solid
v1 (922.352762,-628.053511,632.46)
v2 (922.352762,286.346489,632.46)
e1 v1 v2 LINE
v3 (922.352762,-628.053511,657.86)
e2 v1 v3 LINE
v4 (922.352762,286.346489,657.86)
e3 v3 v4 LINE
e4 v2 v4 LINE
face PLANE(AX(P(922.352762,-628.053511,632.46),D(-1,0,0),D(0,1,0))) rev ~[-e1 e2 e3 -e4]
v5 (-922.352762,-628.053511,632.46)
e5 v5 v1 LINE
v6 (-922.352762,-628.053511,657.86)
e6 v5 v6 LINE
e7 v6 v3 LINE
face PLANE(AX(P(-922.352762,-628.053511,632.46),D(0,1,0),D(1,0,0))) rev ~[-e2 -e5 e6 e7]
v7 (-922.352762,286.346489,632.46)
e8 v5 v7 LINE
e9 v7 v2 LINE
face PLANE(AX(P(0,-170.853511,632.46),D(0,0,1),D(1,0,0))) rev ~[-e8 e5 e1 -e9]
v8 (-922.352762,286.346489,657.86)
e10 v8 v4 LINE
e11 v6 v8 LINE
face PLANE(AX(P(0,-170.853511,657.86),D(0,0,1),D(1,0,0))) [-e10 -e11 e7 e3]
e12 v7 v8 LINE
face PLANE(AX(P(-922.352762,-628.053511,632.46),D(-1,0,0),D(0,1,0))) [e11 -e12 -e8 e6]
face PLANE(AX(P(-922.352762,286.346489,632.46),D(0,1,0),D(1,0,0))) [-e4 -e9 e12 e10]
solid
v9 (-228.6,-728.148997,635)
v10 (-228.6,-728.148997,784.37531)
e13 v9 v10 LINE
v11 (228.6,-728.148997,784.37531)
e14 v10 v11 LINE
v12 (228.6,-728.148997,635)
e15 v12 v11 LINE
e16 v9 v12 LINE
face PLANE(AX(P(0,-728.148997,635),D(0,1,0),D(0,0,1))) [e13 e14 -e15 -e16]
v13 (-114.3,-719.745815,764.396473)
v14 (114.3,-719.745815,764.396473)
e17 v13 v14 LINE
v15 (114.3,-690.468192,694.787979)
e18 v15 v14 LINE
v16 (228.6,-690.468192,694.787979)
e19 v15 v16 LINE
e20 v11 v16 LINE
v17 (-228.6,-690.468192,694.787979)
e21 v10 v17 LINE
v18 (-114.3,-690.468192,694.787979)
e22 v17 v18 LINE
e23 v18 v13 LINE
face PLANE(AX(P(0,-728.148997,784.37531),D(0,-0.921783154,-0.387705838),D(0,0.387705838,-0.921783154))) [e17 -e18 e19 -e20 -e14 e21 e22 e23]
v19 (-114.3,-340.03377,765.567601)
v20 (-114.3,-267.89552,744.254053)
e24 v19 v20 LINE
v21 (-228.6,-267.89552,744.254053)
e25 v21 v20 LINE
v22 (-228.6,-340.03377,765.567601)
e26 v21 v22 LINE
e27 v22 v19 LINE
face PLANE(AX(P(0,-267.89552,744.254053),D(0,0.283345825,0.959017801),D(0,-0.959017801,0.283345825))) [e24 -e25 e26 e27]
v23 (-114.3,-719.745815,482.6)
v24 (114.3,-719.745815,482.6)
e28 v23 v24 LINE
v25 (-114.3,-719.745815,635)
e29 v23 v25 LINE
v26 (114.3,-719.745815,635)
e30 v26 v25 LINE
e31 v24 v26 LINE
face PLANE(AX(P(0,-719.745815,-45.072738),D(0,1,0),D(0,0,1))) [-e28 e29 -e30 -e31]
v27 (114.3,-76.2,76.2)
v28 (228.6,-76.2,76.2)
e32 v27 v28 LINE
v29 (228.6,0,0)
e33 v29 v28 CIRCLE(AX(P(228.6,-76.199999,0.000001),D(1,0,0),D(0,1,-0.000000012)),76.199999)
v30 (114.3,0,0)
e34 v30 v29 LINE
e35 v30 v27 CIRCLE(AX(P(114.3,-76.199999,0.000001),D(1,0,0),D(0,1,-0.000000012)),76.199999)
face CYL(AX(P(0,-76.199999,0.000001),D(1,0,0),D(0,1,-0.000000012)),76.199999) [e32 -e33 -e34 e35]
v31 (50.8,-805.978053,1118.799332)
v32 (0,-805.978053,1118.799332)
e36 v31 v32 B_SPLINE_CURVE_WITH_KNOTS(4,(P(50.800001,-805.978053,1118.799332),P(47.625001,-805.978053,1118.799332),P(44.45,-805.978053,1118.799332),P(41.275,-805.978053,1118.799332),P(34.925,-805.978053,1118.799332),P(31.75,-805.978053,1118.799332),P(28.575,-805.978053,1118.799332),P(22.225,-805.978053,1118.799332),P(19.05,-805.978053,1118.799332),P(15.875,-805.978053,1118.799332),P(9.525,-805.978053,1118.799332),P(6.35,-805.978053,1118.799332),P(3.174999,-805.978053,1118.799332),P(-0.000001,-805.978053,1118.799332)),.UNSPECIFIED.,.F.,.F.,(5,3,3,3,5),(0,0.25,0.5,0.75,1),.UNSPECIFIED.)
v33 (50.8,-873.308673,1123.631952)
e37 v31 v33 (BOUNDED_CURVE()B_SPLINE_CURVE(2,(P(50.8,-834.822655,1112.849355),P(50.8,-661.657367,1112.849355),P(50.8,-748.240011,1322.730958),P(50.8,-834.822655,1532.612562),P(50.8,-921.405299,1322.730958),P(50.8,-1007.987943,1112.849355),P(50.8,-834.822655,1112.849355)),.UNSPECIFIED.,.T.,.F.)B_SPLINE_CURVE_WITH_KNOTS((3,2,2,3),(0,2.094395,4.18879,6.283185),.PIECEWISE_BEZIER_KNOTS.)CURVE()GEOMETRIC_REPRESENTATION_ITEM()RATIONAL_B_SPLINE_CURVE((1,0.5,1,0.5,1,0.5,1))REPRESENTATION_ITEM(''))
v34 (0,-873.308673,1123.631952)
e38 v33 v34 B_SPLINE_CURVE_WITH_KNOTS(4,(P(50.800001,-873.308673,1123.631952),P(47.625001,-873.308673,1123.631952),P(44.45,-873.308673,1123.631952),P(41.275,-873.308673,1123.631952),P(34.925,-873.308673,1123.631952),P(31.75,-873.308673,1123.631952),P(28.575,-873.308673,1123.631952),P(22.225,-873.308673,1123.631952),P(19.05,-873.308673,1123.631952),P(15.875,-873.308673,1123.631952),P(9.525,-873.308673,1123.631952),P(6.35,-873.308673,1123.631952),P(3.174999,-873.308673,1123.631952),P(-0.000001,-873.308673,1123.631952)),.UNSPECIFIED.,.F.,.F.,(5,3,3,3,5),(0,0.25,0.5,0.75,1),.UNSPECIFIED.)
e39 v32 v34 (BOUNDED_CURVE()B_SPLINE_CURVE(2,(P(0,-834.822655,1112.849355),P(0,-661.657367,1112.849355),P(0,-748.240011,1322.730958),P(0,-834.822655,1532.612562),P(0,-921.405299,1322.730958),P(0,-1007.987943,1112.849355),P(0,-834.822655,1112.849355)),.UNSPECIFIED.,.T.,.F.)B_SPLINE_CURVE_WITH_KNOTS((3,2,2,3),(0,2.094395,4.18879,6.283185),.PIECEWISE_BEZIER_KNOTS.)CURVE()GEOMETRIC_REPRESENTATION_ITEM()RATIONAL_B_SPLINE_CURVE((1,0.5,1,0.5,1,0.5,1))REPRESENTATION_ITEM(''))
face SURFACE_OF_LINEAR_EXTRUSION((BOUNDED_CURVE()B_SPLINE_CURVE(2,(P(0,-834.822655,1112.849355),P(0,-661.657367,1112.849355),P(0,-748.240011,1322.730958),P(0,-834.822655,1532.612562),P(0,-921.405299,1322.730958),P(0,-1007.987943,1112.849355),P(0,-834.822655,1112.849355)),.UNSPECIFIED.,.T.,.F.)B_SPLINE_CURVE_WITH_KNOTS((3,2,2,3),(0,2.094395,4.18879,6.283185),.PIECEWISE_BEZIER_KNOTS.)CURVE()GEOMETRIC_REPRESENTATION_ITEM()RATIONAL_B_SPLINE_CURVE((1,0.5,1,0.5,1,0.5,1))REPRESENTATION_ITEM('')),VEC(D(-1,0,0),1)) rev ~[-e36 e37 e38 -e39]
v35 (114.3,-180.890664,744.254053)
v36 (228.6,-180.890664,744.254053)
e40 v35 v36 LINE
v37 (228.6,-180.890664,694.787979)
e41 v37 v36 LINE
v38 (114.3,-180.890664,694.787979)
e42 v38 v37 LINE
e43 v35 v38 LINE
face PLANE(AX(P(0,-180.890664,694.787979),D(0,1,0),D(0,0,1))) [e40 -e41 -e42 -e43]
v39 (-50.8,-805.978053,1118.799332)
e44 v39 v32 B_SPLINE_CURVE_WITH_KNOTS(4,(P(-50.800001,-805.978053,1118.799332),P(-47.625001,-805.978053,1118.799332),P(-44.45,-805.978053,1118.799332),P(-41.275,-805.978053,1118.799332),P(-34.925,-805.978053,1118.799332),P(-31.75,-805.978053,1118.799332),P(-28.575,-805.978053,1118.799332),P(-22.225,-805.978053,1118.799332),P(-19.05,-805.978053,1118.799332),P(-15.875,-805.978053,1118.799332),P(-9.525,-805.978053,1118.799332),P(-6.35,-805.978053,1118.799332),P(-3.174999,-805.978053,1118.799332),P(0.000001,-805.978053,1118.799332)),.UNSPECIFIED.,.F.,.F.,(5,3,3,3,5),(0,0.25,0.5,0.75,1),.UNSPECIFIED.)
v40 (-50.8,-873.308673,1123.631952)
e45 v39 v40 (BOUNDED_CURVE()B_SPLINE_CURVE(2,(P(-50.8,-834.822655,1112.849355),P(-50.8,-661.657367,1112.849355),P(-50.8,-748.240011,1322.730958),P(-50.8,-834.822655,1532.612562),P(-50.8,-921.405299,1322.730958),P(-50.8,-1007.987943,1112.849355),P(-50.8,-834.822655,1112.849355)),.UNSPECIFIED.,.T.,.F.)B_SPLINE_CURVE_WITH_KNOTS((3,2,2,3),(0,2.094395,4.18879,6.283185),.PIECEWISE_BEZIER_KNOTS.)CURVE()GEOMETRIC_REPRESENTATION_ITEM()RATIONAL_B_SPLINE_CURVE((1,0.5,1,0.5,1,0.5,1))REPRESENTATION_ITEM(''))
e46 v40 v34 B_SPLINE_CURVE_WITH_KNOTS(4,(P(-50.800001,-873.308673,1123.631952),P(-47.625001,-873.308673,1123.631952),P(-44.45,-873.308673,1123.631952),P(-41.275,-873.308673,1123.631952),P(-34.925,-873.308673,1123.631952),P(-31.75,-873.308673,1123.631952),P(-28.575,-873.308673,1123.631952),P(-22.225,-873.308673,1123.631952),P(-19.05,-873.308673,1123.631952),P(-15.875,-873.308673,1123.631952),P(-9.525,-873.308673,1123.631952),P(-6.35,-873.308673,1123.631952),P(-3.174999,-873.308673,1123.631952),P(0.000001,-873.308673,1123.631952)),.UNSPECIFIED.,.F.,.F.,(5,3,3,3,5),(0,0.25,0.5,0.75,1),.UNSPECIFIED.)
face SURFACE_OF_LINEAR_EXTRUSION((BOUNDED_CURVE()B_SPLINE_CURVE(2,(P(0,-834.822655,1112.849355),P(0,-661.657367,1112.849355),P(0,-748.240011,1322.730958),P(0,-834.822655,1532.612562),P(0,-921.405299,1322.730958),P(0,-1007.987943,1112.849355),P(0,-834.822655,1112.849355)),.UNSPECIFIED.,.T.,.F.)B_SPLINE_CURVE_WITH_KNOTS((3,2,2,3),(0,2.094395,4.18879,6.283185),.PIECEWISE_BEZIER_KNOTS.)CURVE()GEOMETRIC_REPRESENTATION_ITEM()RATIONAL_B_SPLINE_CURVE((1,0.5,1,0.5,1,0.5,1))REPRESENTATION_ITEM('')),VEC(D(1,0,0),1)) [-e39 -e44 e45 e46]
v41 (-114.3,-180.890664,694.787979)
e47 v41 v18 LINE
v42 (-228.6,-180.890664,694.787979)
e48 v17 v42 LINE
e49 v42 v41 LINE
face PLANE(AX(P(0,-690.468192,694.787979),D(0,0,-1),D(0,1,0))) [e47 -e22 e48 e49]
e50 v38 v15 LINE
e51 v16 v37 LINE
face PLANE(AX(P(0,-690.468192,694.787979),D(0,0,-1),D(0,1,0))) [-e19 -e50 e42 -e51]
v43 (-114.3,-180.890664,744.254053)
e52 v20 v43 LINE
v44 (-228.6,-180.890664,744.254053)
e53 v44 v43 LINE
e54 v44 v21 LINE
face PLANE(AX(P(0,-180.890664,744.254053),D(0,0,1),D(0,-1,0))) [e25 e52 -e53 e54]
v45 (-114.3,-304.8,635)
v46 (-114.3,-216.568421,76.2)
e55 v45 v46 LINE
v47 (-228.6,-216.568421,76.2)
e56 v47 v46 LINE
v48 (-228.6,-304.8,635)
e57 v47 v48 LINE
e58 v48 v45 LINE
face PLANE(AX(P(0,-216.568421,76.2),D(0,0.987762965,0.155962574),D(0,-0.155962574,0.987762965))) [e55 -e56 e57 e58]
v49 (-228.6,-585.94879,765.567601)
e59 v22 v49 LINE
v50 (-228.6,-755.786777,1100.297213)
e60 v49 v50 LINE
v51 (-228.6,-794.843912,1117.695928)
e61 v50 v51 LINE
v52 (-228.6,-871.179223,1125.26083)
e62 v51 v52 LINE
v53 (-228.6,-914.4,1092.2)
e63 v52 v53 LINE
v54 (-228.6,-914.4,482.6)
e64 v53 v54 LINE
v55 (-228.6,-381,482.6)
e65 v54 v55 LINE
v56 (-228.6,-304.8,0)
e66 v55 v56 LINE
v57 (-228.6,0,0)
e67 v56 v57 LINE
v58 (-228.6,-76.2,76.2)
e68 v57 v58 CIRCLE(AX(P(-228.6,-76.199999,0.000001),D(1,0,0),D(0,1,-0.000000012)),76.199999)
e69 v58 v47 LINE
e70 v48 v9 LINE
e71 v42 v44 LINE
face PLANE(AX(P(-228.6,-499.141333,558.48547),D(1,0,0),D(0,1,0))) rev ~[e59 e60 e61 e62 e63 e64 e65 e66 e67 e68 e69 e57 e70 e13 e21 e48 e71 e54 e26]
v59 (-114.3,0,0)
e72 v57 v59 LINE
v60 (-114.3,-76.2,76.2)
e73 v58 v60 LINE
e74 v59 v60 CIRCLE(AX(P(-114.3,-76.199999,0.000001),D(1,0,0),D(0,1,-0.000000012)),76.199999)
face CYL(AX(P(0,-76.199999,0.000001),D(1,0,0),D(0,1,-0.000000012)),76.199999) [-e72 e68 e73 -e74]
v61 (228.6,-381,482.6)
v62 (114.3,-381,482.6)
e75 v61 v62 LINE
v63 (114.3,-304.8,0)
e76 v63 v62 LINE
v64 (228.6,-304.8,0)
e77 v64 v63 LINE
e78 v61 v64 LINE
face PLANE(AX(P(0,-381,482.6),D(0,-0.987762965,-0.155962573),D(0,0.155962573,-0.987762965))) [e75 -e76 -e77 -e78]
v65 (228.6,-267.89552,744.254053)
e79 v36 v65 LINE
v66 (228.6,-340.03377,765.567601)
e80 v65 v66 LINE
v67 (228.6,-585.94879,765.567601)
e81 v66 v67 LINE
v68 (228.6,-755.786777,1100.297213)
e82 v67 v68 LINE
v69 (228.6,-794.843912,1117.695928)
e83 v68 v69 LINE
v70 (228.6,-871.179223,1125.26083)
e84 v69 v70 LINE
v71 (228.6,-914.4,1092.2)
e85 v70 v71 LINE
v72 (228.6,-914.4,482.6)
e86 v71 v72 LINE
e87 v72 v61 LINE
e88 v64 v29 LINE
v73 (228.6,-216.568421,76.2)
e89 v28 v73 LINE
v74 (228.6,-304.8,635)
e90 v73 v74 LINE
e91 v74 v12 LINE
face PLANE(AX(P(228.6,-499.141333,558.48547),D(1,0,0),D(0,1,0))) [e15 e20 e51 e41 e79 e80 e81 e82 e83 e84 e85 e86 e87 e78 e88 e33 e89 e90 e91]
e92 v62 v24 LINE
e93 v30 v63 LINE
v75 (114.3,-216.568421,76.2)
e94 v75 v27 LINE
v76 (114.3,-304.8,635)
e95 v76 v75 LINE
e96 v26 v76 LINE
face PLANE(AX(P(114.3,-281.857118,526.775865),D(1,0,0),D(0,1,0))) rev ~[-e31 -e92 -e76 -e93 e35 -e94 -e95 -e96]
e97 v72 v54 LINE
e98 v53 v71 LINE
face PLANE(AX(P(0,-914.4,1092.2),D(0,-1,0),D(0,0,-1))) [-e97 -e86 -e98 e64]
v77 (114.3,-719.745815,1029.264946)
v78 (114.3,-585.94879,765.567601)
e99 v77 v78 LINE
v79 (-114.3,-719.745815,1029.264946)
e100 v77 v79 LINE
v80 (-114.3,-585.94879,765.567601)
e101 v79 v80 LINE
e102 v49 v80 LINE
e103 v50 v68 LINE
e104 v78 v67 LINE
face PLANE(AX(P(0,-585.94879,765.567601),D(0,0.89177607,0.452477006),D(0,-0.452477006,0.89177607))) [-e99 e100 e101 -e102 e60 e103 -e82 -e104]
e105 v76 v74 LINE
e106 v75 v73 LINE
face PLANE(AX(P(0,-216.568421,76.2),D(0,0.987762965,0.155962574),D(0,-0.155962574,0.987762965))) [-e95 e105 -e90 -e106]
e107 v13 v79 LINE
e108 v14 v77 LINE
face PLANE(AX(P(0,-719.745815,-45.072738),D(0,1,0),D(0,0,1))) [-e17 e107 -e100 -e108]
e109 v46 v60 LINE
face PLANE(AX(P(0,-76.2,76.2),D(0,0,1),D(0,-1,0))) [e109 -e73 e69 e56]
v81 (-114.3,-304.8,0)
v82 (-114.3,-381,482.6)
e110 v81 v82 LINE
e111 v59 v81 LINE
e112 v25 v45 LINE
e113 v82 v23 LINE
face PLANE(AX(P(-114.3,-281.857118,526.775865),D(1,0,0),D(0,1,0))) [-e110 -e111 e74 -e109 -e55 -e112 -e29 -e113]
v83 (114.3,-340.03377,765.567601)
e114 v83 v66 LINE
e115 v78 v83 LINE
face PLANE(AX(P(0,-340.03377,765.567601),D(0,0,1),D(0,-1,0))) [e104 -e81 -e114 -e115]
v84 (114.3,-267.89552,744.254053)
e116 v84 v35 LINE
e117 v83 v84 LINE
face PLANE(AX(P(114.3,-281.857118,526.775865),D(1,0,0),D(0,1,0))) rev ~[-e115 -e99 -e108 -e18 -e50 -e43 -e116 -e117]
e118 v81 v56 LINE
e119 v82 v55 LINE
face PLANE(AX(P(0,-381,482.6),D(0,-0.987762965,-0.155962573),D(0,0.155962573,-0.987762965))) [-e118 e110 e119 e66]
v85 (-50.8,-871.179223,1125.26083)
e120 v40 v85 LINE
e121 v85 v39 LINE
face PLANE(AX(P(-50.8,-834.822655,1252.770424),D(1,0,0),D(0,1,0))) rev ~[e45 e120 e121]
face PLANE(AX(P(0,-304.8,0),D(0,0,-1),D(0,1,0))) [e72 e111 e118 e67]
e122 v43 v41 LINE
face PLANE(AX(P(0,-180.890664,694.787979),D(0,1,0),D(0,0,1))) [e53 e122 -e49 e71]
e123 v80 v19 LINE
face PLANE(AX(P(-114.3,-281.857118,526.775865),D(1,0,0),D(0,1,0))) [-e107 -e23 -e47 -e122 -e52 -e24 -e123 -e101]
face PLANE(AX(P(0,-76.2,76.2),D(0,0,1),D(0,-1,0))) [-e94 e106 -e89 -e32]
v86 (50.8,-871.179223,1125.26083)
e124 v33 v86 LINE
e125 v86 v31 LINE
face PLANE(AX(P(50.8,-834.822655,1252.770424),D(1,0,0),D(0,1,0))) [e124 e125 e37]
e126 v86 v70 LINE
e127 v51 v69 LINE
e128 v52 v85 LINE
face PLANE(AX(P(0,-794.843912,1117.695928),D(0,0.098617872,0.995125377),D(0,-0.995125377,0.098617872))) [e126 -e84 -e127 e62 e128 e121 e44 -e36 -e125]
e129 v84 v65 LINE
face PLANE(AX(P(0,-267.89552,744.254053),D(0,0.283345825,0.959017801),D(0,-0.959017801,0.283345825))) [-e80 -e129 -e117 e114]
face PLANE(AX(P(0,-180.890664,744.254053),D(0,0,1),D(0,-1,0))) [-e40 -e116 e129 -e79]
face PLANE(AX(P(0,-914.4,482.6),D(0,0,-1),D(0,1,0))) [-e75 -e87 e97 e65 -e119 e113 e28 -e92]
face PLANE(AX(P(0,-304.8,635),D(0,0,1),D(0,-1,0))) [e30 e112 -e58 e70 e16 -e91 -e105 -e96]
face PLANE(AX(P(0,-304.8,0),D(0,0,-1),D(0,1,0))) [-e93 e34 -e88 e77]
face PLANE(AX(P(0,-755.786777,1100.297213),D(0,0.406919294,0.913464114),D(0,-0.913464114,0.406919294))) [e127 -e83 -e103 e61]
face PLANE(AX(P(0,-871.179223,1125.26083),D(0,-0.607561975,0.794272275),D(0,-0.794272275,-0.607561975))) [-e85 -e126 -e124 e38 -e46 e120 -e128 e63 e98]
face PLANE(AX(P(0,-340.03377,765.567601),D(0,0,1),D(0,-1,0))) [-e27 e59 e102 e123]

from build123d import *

# Parameters (mm, degrees)
F1_DEPTH = 228.6
F2_W     = 875.777394
F2_H     = 1143.697206
F3_DEPTH = 114.3
F5_DEPTH = 50.8
F7_W     = 1844.705524
F7_H     = 914.4
F8_DEPTH = 25.4


with BuildPart() as f1:
    # F0 (on Right) → F1 (new body, symmetric)
    with BuildSketch(Plane.YZ):
        with BuildLine():
            Line((-304.8, 0), (0, 0))
            ThreePointArc((0, 0), (-22.318463, 53.881537), (-76.2, 76.2))
            Line((-76.2, 76.2), (-216.568421, 76.2))
            Line((-216.568421, 76.2), (-304.8, 635))
            Line((-304.8, 635), (-728.148997, 635))
            Line((-728.148997, 635), (-728.148997, 784.37531))
            Line((-728.148997, 784.37531), (-690.468192, 694.787979))
            Line((-690.468192, 694.787979), (-180.890664, 694.787979))
            Line((-180.890664, 694.787979), (-180.890664, 744.254053))
            Line((-180.890664, 744.254053), (-267.89552, 744.254053))
            Line((-267.89552, 744.254053), (-340.03377, 765.567601))
            Line((-340.03377, 765.567601), (-585.94879, 765.567601))
            Line((-585.94879, 765.567601), (-755.786777, 1100.297213))
            Line((-755.786777, 1100.297213), (-794.843912, 1117.695928))
            Line((-794.843912, 1117.695928), (-871.179223, 1125.26083))
            Line((-871.179223, 1125.26083), (-914.4, 1092.2))
            Line((-914.4, 1092.2), (-914.4, 482.6))
            Line((-914.4, 482.6), (-381, 482.6))
            Line((-381, 482.6), (-304.8, 0))
        make_face()
    extrude(amount=F1_DEPTH, both=True)

    # F2 (on Right) → F3 (cut, symmetric)
    with BuildSketch(Plane.YZ):
        with Locations((-281.857118, 526.775865)):
            Rectangle(F2_W, F2_H)
    extrude(amount=F3_DEPTH, both=True, mode=Mode.SUBTRACT)

    # F4 (on Right) → F5 (join, symmetric)
    with BuildSketch(Plane.YZ):
        with BuildLine():
            add(Edge.make_bspline(
                [(-834.822655, 1112.849355), (-661.657367, 1112.849355), (-748.240011, 1322.730958), (-834.822655, 1532.612562), (-921.405299, 1322.730958), (-1007.987943, 1112.849355), (-834.822655, 1112.849355)],
                knots=[0, 0, 0, 2.094395, 2.094395, 4.18879, 4.18879, 6.283185, 6.283185, 6.283185], degree=2, weights=[1, 0.5, 1, 0.5, 1, 0.5, 1]))
        make_face()
    extrude(amount=F5_DEPTH, both=True)


with BuildPart() as f8:
    # F7 (on offset) → F8 (new body)
    with BuildSketch(Plane.XY.offset(632.46)):
        with Locations((0, -170.853511)):
            Rectangle(F7_W, F7_H)
    extrude(amount=F8_DEPTH)


solid = Compound([f1.part, f8.part])
